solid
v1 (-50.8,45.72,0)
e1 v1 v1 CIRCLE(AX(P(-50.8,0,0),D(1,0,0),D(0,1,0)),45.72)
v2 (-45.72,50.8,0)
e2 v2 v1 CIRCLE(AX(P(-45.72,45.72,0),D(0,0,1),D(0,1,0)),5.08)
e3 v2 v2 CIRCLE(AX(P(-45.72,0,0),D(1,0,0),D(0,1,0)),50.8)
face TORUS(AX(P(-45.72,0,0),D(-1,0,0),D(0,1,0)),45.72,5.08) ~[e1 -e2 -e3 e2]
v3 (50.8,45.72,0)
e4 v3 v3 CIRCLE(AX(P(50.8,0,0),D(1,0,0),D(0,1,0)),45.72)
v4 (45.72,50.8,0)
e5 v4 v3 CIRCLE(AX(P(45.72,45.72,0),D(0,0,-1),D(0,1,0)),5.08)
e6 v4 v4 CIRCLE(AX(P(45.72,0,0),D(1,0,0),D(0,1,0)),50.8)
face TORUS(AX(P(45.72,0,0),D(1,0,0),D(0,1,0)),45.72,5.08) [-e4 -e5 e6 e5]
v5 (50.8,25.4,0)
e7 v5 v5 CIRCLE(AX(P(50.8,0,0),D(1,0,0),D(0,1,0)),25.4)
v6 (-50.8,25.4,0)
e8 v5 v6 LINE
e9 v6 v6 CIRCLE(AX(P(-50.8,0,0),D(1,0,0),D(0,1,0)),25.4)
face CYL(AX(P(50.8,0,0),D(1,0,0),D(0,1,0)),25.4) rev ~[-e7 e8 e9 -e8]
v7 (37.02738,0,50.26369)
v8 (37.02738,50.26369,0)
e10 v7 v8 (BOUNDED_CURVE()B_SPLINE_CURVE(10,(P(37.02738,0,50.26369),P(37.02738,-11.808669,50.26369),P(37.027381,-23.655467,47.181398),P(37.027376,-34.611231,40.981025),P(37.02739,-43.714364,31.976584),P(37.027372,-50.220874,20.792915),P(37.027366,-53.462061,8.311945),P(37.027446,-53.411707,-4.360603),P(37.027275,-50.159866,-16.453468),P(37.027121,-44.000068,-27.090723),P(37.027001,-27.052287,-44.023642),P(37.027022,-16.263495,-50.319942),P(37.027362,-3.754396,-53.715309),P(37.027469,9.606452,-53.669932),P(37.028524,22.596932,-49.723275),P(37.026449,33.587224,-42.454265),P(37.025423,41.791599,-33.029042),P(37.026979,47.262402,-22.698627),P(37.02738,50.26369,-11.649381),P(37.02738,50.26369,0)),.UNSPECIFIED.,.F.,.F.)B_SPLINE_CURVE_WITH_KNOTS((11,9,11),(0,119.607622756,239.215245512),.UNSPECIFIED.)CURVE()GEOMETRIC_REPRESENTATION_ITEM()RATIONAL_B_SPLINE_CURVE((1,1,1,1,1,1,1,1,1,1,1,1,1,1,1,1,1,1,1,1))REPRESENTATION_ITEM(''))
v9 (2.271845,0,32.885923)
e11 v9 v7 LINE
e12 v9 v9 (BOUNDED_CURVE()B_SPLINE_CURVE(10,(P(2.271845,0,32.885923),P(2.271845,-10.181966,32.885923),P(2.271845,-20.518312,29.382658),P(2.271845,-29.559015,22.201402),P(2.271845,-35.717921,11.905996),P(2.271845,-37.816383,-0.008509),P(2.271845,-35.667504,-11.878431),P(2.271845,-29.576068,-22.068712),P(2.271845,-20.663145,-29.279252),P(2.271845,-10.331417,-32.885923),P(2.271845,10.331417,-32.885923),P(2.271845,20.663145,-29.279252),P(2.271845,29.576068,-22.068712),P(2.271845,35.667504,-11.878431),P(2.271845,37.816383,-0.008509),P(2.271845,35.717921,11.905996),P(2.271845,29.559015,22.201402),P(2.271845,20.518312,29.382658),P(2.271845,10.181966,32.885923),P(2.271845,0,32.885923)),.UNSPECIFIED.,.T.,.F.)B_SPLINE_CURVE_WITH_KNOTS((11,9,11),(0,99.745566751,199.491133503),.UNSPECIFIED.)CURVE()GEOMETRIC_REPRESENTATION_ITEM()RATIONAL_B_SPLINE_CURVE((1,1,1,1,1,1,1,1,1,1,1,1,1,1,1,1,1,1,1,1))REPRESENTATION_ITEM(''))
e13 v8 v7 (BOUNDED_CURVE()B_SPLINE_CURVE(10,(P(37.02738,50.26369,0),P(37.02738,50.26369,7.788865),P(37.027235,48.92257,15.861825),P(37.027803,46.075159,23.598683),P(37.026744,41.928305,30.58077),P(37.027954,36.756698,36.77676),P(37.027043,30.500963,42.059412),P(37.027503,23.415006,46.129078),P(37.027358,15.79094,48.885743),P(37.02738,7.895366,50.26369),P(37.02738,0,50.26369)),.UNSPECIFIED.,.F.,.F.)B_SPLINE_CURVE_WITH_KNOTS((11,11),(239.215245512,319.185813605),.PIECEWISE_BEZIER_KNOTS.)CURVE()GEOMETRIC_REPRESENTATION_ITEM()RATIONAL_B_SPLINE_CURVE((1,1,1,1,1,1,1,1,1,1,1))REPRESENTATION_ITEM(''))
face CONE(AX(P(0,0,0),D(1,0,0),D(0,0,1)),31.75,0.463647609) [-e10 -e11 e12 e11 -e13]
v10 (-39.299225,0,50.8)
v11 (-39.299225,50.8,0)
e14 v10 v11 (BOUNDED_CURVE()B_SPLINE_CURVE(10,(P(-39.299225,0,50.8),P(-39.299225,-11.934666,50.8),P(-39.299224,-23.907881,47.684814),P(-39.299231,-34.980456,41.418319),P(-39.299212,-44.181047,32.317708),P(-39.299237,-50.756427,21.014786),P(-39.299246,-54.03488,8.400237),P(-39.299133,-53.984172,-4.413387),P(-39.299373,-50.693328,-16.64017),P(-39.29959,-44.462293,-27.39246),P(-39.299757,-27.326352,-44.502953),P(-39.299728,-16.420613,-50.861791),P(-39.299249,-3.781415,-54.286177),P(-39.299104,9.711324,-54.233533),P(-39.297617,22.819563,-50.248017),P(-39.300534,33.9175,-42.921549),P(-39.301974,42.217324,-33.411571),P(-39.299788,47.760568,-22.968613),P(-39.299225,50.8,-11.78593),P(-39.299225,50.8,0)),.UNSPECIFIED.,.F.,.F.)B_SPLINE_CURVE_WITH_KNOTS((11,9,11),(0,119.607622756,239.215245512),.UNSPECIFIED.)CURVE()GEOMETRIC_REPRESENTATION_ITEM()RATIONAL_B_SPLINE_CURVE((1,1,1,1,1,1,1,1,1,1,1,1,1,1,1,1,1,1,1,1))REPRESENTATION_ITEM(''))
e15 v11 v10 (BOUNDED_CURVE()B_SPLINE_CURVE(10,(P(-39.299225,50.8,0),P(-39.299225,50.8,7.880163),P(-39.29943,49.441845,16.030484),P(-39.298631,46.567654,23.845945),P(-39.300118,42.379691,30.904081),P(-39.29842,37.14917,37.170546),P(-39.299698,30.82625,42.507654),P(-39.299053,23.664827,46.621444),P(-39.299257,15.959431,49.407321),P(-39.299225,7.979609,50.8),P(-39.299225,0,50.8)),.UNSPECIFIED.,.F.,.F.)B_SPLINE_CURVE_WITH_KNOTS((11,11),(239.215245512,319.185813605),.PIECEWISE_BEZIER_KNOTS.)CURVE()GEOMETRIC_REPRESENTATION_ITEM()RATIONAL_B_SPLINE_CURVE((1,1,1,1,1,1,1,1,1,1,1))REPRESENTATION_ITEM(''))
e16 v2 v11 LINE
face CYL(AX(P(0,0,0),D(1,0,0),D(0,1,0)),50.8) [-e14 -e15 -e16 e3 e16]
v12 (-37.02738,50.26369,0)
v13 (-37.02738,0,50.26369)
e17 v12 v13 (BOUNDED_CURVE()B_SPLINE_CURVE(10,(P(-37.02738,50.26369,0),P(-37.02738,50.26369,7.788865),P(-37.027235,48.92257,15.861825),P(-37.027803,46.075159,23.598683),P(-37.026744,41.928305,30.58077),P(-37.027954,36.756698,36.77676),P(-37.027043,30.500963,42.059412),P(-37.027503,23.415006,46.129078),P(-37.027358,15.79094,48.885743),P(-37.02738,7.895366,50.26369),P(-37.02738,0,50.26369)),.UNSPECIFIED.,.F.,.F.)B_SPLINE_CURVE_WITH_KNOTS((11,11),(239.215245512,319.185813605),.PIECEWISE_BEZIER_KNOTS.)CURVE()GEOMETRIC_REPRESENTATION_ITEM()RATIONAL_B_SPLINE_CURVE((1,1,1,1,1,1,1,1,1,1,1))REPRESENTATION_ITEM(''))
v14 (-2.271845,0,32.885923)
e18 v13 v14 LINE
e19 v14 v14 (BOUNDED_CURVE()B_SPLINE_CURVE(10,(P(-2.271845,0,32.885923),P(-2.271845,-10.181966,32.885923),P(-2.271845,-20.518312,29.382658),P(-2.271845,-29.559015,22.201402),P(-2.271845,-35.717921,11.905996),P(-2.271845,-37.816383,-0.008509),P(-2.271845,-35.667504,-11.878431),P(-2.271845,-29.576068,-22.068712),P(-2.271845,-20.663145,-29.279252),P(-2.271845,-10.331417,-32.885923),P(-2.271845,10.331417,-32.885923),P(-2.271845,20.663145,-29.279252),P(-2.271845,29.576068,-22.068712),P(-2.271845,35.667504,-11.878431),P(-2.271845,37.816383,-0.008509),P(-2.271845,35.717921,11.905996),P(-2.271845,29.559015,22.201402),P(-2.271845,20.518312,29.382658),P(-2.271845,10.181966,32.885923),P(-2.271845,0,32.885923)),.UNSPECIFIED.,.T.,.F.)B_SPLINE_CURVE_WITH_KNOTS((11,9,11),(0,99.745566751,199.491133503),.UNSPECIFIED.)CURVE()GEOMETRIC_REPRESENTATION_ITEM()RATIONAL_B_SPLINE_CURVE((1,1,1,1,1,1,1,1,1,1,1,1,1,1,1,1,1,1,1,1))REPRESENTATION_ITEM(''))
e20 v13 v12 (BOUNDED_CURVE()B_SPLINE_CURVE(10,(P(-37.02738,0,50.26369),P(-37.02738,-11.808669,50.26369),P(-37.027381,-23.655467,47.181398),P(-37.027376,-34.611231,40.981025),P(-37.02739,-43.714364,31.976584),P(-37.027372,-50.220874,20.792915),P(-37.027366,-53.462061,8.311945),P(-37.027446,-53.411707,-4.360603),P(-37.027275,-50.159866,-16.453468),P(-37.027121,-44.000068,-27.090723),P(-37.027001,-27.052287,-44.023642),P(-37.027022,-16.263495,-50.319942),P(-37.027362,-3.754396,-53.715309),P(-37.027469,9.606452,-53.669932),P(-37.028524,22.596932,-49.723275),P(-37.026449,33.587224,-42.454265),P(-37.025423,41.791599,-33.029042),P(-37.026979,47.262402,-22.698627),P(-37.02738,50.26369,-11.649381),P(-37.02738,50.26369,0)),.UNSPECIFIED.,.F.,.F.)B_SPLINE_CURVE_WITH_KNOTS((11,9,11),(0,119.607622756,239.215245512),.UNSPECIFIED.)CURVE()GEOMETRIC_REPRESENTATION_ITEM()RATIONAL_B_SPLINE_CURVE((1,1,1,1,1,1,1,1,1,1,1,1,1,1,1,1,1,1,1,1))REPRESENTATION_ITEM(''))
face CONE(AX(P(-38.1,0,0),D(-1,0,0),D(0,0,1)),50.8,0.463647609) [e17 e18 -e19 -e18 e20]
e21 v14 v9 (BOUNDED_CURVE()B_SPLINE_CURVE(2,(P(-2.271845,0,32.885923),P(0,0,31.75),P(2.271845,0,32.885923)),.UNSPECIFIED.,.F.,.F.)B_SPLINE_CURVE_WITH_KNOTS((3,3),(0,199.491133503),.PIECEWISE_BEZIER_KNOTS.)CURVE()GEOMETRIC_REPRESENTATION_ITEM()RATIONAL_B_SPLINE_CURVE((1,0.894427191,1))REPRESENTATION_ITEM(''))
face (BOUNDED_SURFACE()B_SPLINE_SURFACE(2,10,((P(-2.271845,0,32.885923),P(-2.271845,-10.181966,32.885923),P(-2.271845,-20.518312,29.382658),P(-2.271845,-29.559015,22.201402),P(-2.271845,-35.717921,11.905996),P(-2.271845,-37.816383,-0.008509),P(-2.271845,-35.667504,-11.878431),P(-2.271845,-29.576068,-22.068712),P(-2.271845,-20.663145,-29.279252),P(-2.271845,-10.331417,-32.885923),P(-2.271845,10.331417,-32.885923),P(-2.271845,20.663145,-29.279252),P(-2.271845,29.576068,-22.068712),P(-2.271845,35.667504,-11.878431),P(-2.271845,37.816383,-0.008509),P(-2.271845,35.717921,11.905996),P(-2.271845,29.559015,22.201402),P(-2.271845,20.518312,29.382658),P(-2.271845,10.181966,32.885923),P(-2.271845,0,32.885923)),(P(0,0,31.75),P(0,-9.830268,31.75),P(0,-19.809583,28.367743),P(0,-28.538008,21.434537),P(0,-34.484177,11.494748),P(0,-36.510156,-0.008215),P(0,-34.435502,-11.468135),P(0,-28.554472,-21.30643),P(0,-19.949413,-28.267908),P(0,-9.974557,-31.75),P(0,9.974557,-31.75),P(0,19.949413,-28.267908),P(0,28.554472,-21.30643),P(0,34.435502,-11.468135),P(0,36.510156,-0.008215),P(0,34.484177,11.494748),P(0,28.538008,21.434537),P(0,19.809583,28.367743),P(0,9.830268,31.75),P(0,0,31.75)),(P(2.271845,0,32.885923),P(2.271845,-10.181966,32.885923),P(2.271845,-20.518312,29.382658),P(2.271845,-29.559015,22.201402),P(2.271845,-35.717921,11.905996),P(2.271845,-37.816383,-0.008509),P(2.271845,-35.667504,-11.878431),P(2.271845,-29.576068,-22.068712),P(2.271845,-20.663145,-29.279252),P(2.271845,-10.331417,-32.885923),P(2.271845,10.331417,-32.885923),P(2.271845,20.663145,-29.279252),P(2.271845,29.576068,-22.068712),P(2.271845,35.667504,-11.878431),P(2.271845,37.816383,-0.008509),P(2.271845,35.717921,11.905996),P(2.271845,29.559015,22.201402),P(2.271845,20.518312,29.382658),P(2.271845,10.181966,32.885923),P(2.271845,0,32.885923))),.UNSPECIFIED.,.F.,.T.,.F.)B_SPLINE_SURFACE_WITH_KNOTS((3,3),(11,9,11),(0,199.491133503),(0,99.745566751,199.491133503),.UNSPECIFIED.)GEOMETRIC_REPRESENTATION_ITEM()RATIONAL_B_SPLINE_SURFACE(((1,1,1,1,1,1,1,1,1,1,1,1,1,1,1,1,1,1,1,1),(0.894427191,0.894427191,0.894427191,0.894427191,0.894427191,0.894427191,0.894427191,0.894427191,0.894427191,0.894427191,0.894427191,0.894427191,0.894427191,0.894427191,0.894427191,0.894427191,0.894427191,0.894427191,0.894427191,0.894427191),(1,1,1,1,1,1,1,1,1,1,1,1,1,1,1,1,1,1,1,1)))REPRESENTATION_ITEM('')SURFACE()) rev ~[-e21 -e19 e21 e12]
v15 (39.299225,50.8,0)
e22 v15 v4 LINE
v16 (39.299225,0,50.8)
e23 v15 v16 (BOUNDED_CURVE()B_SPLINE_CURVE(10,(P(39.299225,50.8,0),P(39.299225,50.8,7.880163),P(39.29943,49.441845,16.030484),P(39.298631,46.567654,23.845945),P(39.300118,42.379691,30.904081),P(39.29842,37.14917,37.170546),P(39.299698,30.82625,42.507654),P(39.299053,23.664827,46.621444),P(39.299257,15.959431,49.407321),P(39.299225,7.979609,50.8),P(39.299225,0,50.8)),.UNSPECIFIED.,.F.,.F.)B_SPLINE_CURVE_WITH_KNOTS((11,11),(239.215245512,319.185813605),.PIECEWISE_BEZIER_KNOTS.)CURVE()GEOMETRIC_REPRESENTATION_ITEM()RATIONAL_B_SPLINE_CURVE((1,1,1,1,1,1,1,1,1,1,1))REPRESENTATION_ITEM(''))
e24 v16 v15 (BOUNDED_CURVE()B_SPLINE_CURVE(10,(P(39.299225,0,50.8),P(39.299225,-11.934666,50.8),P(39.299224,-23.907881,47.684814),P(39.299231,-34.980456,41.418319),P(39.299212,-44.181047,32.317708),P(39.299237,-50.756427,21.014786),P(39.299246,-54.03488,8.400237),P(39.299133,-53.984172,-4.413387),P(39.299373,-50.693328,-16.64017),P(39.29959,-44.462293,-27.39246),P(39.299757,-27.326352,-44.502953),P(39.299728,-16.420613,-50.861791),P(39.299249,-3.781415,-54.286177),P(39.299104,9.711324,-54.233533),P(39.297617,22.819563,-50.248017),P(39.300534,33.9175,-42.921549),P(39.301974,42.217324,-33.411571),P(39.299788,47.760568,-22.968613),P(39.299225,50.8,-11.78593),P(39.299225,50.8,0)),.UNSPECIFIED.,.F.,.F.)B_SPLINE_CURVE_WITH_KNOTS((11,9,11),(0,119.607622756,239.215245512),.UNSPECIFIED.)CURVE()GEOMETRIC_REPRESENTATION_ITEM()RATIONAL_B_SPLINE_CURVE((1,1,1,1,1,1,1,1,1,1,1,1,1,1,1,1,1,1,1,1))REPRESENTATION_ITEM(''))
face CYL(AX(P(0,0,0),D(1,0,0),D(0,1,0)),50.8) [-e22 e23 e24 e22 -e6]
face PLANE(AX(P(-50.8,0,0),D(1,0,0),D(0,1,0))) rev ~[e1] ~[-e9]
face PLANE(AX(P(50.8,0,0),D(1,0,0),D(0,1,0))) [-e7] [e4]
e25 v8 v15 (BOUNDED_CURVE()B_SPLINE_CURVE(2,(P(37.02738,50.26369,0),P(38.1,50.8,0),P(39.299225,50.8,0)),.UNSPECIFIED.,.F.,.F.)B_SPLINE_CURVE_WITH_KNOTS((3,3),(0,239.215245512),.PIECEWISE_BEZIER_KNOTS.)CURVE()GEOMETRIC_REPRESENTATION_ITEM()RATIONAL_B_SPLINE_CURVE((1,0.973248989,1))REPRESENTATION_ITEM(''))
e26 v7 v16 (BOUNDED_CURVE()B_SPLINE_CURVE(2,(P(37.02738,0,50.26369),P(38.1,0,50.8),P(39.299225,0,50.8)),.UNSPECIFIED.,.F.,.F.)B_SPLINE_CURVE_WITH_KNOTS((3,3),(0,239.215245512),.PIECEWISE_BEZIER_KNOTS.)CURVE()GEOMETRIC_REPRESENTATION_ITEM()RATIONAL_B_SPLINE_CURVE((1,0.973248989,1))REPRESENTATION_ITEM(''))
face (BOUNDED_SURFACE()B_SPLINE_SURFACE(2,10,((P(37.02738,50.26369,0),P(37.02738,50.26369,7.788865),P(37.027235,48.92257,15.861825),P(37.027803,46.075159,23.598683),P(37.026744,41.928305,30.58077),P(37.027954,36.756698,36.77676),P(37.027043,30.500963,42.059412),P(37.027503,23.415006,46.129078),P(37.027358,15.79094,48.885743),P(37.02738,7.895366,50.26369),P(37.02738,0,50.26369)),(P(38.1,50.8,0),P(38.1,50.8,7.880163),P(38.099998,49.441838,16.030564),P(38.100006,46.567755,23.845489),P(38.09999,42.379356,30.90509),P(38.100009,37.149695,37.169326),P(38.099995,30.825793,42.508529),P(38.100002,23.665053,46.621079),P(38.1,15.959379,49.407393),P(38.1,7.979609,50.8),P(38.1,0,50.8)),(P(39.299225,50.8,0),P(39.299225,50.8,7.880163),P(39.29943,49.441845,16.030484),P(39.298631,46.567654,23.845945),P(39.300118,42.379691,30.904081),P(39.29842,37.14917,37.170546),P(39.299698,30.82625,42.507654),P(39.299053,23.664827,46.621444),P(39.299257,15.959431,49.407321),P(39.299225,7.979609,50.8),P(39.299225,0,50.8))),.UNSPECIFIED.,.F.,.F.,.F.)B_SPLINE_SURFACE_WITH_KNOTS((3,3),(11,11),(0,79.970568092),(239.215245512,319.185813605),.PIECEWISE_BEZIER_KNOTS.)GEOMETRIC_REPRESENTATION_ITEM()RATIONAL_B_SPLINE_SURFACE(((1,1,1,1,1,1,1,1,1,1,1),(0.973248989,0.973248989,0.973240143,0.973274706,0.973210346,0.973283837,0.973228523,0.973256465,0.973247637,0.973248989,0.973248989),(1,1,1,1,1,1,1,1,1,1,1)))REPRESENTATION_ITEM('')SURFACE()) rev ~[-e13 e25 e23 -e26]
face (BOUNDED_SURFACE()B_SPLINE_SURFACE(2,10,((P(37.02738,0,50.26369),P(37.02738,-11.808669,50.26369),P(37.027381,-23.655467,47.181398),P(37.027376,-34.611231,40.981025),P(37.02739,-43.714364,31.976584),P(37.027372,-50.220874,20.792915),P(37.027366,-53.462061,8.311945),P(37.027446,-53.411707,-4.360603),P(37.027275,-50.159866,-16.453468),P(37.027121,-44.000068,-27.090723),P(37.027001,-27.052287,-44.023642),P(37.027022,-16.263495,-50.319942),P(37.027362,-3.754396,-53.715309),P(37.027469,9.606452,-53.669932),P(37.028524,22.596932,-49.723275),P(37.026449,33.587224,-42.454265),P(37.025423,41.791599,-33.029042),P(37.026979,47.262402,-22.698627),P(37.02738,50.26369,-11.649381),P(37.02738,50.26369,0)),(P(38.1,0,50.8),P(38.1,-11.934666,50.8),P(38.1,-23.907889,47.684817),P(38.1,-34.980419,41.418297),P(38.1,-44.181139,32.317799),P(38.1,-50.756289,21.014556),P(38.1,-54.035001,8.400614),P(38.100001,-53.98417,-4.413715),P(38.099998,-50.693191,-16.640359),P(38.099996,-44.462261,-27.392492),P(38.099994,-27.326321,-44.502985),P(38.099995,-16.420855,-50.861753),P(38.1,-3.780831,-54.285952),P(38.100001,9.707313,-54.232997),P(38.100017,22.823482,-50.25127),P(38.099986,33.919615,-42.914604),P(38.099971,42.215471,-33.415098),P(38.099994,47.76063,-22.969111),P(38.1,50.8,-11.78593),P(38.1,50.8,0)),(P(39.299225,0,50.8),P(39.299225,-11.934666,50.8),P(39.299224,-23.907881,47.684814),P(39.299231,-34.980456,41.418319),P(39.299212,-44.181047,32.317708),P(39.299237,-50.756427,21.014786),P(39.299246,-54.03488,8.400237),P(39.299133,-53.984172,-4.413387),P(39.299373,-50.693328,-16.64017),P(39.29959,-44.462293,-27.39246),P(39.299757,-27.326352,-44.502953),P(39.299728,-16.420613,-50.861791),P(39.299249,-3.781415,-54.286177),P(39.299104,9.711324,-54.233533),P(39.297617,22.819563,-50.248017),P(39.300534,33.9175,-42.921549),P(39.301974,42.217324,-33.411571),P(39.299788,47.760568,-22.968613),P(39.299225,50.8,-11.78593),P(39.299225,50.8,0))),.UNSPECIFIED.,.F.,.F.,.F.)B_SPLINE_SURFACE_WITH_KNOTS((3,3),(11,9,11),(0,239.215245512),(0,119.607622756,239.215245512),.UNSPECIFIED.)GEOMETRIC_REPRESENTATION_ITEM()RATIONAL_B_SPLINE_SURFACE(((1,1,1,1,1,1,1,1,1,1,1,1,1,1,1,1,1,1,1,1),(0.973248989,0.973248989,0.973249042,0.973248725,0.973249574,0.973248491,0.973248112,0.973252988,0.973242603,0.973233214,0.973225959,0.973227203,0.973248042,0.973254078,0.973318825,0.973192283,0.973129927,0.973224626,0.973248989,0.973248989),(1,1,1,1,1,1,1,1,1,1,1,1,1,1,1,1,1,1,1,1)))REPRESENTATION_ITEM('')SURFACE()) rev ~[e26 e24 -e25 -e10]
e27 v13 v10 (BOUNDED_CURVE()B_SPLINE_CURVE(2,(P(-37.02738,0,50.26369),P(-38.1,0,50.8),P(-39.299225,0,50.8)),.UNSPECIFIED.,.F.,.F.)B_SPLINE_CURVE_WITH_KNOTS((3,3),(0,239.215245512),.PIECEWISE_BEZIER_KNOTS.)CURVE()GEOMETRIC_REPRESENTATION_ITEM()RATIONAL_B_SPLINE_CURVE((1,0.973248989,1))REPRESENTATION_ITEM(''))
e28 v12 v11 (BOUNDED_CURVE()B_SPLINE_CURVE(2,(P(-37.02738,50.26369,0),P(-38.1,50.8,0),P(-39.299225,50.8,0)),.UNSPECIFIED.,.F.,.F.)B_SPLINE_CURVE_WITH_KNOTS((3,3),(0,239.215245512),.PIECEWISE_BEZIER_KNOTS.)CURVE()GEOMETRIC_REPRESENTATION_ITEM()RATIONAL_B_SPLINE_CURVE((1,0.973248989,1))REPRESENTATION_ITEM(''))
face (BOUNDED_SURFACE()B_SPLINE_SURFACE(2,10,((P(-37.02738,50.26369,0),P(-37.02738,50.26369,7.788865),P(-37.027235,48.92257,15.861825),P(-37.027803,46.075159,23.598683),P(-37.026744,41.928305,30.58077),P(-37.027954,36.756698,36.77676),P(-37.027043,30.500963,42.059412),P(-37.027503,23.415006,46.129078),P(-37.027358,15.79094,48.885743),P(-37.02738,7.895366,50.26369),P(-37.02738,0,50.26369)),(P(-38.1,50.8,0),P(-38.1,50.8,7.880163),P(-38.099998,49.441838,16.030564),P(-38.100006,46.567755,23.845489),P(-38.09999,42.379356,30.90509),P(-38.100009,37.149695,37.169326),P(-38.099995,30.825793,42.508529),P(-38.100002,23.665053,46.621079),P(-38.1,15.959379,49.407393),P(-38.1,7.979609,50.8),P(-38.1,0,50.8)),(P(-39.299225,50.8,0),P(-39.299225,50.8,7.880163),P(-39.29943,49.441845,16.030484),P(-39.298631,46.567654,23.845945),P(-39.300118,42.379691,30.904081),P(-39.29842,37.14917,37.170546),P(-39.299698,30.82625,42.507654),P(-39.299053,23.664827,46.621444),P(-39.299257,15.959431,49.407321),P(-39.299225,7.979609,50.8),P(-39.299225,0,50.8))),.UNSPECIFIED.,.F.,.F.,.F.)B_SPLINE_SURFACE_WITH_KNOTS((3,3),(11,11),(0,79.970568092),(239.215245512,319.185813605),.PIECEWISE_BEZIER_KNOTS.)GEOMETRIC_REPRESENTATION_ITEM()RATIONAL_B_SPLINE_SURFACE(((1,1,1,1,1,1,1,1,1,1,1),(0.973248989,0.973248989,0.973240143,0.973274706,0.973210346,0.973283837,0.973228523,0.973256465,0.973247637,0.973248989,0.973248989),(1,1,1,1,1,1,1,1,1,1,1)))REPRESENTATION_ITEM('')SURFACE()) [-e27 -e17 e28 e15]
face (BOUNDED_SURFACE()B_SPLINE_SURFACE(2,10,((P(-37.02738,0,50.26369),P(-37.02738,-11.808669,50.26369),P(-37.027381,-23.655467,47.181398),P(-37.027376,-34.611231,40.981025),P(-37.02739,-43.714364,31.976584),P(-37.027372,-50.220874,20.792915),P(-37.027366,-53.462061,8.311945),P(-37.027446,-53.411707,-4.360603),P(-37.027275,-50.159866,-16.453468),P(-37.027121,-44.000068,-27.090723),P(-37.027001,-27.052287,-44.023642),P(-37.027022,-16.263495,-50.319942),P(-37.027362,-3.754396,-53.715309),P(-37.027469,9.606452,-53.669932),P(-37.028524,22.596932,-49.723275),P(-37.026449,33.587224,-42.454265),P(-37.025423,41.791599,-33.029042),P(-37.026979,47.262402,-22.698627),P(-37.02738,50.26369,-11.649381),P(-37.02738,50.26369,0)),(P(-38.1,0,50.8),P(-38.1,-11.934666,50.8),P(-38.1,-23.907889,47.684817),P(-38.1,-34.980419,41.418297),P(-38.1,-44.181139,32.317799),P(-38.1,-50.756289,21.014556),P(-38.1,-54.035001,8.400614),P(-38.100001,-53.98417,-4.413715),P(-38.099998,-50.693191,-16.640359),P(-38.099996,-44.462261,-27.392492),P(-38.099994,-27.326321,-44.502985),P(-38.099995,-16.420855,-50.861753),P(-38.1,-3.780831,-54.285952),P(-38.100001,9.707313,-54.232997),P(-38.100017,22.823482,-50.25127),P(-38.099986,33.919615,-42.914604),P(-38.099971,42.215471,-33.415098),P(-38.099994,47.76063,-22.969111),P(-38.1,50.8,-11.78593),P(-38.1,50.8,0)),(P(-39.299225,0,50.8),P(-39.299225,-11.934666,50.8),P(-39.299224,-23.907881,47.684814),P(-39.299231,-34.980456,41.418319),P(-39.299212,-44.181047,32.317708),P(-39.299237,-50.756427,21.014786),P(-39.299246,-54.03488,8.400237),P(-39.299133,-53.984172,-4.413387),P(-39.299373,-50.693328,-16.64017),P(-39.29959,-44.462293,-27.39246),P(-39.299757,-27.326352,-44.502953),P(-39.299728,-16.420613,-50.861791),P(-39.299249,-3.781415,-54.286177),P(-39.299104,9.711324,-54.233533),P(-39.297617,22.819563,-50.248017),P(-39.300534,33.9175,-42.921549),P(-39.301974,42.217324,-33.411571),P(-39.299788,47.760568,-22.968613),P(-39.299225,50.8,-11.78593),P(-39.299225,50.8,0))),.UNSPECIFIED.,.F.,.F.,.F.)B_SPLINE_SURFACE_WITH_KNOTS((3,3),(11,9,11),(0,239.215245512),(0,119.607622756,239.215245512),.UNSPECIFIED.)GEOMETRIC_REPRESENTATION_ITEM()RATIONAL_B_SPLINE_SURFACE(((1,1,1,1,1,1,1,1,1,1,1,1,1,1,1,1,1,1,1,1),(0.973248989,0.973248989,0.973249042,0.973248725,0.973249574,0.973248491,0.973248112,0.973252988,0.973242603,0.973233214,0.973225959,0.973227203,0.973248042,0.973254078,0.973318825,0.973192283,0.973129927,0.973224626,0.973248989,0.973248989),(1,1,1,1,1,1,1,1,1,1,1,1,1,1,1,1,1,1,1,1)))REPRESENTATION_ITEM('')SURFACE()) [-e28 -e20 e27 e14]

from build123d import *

# Parameters (mm, degrees)
F0_R     = 50.8
F1_DEPTH = 50.8
F2_R     = 25.4
F3_DEPTH = 101.601
F6_R     = 5.08
F7_R     = 5.08


with BuildPart() as f1:
    # F0 (on Right) → F1 (new body, symmetric)
    with BuildSketch(Plane.YZ):
        Circle(F0_R)
    extrude(amount=F1_DEPTH, both=True)

    # F2 (on face) → F3 (cut, through all)
    with BuildSketch(Plane.YZ.offset(50.8)):
        Circle(F2_R)
    extrude(amount=-F3_DEPTH, mode=Mode.SUBTRACT)

    # F4 (on Front) → F5 (revolve, cut)
    with BuildSketch(Plane.XZ):
        Polygon((38.1, 50.8), (-38.1, 50.8), (0, 31.75), align=None)
    revolve(axis=Axis((-4.27404, 0, 0), (1, 0, 0)), mode=Mode.SUBTRACT)

    # F6
    f6_edges = [f1.edges().sort_by_distance(p)[0] for p in [
        (0, 0, -31.75),
    ]]
    fillet(f6_edges, radius=F6_R)

    # F7
    f7_edges = [f1.edges().sort_by_distance(p)[0] for p in [
        (38.1, -35.921024, -35.921024),
        (50.8, -50.8, 0),
        (-38.1, -35.921024, -35.921024),
        (-50.8, -50.8, 0),
    ]]
    fillet(f7_edges, radius=F7_R)


solid = f1.part
